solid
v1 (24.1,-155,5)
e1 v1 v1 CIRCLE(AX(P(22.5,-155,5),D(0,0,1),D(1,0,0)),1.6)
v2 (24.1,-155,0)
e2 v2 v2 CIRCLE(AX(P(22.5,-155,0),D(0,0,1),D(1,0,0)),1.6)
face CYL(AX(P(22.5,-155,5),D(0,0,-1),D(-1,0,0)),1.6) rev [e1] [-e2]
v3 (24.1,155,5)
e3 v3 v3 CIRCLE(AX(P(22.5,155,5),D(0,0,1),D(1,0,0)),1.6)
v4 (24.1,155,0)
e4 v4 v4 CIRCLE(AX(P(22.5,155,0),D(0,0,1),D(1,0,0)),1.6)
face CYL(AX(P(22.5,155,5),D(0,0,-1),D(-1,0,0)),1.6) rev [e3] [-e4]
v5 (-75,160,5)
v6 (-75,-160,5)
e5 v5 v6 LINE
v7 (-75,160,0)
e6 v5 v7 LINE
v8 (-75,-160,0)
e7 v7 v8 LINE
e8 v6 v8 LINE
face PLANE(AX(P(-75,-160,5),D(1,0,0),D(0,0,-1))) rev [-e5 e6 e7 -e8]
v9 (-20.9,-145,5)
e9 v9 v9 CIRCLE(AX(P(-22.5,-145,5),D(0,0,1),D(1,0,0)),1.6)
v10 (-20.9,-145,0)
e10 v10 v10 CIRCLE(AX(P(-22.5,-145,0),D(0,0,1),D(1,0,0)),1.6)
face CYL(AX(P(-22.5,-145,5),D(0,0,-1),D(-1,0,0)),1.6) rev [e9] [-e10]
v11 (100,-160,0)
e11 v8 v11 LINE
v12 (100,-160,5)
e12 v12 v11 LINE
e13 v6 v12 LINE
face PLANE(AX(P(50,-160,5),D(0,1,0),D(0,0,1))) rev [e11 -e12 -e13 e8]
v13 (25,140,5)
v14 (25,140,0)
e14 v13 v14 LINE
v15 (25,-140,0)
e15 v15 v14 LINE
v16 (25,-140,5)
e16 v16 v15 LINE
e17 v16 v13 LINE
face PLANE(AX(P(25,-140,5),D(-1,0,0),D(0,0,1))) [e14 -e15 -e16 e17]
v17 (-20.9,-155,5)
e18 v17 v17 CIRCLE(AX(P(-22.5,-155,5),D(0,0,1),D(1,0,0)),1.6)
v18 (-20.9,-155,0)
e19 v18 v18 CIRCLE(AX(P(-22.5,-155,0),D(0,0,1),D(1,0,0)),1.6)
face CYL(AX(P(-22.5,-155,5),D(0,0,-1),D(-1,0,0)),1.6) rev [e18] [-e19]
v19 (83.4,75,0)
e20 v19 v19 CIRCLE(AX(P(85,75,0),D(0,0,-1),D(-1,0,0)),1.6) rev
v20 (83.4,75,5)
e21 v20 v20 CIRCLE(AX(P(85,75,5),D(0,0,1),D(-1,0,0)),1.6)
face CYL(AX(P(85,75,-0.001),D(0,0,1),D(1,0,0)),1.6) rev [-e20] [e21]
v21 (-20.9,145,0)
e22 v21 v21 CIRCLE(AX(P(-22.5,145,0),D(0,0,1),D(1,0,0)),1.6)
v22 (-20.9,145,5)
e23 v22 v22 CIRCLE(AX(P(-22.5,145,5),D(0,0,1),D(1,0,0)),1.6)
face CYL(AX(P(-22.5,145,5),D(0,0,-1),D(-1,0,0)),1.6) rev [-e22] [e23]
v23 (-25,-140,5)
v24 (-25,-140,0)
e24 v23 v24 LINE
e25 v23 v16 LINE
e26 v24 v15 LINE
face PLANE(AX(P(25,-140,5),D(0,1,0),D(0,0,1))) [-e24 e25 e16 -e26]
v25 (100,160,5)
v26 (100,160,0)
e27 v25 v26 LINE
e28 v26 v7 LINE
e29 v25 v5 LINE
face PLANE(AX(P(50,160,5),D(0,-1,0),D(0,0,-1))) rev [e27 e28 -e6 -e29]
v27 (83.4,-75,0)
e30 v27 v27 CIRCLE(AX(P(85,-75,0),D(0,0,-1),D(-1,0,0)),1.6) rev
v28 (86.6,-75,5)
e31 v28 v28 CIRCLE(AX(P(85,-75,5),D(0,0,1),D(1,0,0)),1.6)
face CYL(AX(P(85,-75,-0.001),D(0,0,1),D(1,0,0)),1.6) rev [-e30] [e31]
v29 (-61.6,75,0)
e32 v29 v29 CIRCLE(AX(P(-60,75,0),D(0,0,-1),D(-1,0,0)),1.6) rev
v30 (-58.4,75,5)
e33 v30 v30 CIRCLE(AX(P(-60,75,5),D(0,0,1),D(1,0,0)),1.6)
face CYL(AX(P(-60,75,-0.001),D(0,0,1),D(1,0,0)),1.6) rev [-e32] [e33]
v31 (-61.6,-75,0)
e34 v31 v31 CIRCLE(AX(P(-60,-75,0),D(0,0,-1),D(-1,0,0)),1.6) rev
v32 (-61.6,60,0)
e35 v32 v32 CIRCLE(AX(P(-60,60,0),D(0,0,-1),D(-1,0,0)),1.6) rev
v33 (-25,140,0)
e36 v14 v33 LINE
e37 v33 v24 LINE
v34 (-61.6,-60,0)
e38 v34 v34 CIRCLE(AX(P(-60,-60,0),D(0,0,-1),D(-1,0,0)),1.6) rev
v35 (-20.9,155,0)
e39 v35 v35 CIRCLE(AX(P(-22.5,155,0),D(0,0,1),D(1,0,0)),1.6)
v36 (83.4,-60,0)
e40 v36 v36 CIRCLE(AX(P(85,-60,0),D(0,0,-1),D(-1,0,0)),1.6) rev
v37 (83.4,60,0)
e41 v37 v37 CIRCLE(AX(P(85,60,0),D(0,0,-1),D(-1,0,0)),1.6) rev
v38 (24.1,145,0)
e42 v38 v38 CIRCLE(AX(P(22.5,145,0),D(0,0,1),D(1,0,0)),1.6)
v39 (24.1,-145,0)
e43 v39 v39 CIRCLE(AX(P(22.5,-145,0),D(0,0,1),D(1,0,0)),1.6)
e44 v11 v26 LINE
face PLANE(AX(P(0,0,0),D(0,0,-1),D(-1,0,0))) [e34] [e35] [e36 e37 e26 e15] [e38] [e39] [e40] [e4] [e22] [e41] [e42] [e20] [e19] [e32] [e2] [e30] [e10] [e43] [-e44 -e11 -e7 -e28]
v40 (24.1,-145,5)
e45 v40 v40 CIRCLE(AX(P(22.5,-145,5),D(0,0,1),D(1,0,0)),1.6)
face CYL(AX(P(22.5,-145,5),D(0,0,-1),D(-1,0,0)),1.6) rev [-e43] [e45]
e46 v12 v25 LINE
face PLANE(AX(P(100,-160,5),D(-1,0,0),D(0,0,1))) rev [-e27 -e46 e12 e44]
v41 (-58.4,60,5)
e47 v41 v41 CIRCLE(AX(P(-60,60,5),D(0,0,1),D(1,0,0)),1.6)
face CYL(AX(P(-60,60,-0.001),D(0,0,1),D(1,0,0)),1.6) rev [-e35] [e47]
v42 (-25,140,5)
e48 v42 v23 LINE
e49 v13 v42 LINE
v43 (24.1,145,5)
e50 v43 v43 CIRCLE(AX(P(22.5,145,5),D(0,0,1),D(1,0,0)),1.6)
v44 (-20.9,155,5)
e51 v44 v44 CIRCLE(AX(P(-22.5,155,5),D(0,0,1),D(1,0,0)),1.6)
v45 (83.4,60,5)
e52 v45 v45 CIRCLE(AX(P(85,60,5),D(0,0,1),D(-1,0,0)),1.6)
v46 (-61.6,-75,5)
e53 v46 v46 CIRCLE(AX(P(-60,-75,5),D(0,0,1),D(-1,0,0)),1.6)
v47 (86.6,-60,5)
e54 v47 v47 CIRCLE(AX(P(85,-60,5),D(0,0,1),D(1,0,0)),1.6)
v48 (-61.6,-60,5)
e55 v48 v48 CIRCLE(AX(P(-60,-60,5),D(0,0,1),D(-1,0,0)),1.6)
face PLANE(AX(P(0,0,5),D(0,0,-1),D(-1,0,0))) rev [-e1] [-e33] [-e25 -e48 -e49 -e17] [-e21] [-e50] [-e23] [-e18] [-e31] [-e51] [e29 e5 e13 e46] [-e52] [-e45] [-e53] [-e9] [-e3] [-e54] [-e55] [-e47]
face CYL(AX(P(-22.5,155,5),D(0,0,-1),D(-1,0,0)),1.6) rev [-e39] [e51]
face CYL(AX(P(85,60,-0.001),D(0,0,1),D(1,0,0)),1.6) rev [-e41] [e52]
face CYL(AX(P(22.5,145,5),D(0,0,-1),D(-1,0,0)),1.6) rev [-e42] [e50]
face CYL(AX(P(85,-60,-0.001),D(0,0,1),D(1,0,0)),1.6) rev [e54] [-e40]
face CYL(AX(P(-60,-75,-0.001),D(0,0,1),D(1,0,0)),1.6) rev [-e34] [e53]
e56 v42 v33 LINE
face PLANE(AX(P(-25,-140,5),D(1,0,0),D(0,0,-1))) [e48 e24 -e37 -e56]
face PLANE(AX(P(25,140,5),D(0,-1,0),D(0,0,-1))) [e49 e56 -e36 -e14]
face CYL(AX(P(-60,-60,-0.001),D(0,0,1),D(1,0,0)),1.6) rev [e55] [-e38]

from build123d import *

# Parameters (mm, degrees)
SKETCH1_W           = 100
SKETCH1_H           = 320
SKETCH1_R           = 1.6
SKETCH1_W_2         = 50
SKETCH1_H_2         = 280
BOSS_EXTRUDE1_DEPTH = 5
SKETCH2_W           = 50
SKETCH2_H           = 320
BOSS_EXTRUDE2_DEPTH = 5
SKETCH3_W           = 25
SKETCH3_H           = 320
BOSS_EXTRUDE3_DEPTH = 5
CUT_EXTRUDE1_REACH  = 7
SKETCH4_R           = 1.6


with BuildPart() as part:
    # Sketch1 → Boss-Extrude1 (new body)
    with BuildSketch(Plane.XY):
        Rectangle(SKETCH1_W, SKETCH1_H)
        with Locations((-22.5, 145)):
            Circle(SKETCH1_R, mode=Mode.SUBTRACT)
        with Locations((-22.5, 155)):
            Circle(SKETCH1_R, mode=Mode.SUBTRACT)
        with Locations((22.5, 145)):
            Circle(SKETCH1_R, mode=Mode.SUBTRACT)
        with Locations((22.5, -145)):
            Circle(SKETCH1_R, mode=Mode.SUBTRACT)
        with Locations((-22.5, -145)):
            Circle(SKETCH1_R, mode=Mode.SUBTRACT)
        with Locations((22.5, 155)):
            Circle(SKETCH1_R, mode=Mode.SUBTRACT)
        with Locations((22.5, -155)):
            Circle(SKETCH1_R, mode=Mode.SUBTRACT)
        with Locations((-22.5, -155)):
            Circle(SKETCH1_R, mode=Mode.SUBTRACT)
        Rectangle(SKETCH1_W_2, SKETCH1_H_2, mode=Mode.SUBTRACT)
    extrude(amount=BOSS_EXTRUDE1_DEPTH)

    # Sketch2 → Boss-Extrude2 (add)
    with BuildSketch(Plane.XY):
        with Locations((75, 0)):
            Rectangle(SKETCH2_W, SKETCH2_H)
    extrude(amount=BOSS_EXTRUDE2_DEPTH)

    # Sketch3 → Boss-Extrude3 (add)
    with BuildSketch(Plane.XY):
        with Locations((-62.5, 0)):
            Rectangle(SKETCH3_W, SKETCH3_H)
    extrude(amount=BOSS_EXTRUDE3_DEPTH)

    # Sketch4 → Cut-Extrude1 (cut, up to next)
    with BuildSketch(Plane.XY.offset(5), mode=Mode.PRIVATE) as cut_extrude1_sk1:
        with Locations((-60, 75)):
            Circle(SKETCH4_R)
    cut_extrude1_tool1 = extrude(cut_extrude1_sk1.sketch, amount=-CUT_EXTRUDE1_REACH, mode=Mode.PRIVATE) & part.part
    add(cut_extrude1_tool1.solids().sort_by_distance((-60, 75, 5))[0], mode=Mode.SUBTRACT)
    # Sketch4 → Cut-Extrude1 (cut, up to next)
    with BuildSketch(Plane.XY.offset(5), mode=Mode.PRIVATE) as cut_extrude1_sk2:
        with Locations((-60, 60)):
            Circle(SKETCH4_R)
    cut_extrude1_tool2 = extrude(cut_extrude1_sk2.sketch, amount=-CUT_EXTRUDE1_REACH, mode=Mode.PRIVATE) & part.part
    add(cut_extrude1_tool2.solids().sort_by_distance((-60, 60, 5))[0], mode=Mode.SUBTRACT)
    # Sketch4 → Cut-Extrude1 (cut, up to next)
    with BuildSketch(Plane.XY.offset(5), mode=Mode.PRIVATE) as cut_extrude1_sk3:
        with Locations((-60, -60)):
            Circle(SKETCH4_R)
    cut_extrude1_tool3 = extrude(cut_extrude1_sk3.sketch, amount=-CUT_EXTRUDE1_REACH, mode=Mode.PRIVATE) & part.part
    add(cut_extrude1_tool3.solids().sort_by_distance((-60, -60, 5))[0], mode=Mode.SUBTRACT)
    # Sketch4 → Cut-Extrude1 (cut, up to next)
    with BuildSketch(Plane.XY.offset(5), mode=Mode.PRIVATE) as cut_extrude1_sk4:
        with Locations((-60, -75)):
            Circle(SKETCH4_R)
    cut_extrude1_tool4 = extrude(cut_extrude1_sk4.sketch, amount=-CUT_EXTRUDE1_REACH, mode=Mode.PRIVATE) & part.part
    add(cut_extrude1_tool4.solids().sort_by_distance((-60, -75, 5))[0], mode=Mode.SUBTRACT)
    # Sketch4 → Cut-Extrude1 (cut, up to next)
    with BuildSketch(Plane.XY.offset(5), mode=Mode.PRIVATE) as cut_extrude1_sk5:
        with Locations((85, -75)):
            Circle(SKETCH4_R)
    cut_extrude1_tool5 = extrude(cut_extrude1_sk5.sketch, amount=-CUT_EXTRUDE1_REACH, mode=Mode.PRIVATE) & part.part
    add(cut_extrude1_tool5.solids().sort_by_distance((85, -75, 5))[0], mode=Mode.SUBTRACT)
    # Sketch4 → Cut-Extrude1 (cut, up to next)
    with BuildSketch(Plane.XY.offset(5), mode=Mode.PRIVATE) as cut_extrude1_sk6:
        with Locations((85, -60)):
            Circle(SKETCH4_R)
    cut_extrude1_tool6 = extrude(cut_extrude1_sk6.sketch, amount=-CUT_EXTRUDE1_REACH, mode=Mode.PRIVATE) & part.part
    add(cut_extrude1_tool6.solids().sort_by_distance((85, -60, 5))[0], mode=Mode.SUBTRACT)
    # Sketch4 → Cut-Extrude1 (cut, up to next)
    with BuildSketch(Plane.XY.offset(5), mode=Mode.PRIVATE) as cut_extrude1_sk7:
        with Locations((85, 60)):
            Circle(SKETCH4_R)
    cut_extrude1_tool7 = extrude(cut_extrude1_sk7.sketch, amount=-CUT_EXTRUDE1_REACH, mode=Mode.PRIVATE) & part.part
    add(cut_extrude1_tool7.solids().sort_by_distance((85, 60, 5))[0], mode=Mode.SUBTRACT)
    # Sketch4 → Cut-Extrude1 (cut, up to next)
    with BuildSketch(Plane.XY.offset(5), mode=Mode.PRIVATE) as cut_extrude1_sk8:
        with Locations((85, 75)):
            Circle(SKETCH4_R)
    cut_extrude1_tool8 = extrude(cut_extrude1_sk8.sketch, amount=-CUT_EXTRUDE1_REACH, mode=Mode.PRIVATE) & part.part
    add(cut_extrude1_tool8.solids().sort_by_distance((85, 75, 5))[0], mode=Mode.SUBTRACT)


solid = part.part
